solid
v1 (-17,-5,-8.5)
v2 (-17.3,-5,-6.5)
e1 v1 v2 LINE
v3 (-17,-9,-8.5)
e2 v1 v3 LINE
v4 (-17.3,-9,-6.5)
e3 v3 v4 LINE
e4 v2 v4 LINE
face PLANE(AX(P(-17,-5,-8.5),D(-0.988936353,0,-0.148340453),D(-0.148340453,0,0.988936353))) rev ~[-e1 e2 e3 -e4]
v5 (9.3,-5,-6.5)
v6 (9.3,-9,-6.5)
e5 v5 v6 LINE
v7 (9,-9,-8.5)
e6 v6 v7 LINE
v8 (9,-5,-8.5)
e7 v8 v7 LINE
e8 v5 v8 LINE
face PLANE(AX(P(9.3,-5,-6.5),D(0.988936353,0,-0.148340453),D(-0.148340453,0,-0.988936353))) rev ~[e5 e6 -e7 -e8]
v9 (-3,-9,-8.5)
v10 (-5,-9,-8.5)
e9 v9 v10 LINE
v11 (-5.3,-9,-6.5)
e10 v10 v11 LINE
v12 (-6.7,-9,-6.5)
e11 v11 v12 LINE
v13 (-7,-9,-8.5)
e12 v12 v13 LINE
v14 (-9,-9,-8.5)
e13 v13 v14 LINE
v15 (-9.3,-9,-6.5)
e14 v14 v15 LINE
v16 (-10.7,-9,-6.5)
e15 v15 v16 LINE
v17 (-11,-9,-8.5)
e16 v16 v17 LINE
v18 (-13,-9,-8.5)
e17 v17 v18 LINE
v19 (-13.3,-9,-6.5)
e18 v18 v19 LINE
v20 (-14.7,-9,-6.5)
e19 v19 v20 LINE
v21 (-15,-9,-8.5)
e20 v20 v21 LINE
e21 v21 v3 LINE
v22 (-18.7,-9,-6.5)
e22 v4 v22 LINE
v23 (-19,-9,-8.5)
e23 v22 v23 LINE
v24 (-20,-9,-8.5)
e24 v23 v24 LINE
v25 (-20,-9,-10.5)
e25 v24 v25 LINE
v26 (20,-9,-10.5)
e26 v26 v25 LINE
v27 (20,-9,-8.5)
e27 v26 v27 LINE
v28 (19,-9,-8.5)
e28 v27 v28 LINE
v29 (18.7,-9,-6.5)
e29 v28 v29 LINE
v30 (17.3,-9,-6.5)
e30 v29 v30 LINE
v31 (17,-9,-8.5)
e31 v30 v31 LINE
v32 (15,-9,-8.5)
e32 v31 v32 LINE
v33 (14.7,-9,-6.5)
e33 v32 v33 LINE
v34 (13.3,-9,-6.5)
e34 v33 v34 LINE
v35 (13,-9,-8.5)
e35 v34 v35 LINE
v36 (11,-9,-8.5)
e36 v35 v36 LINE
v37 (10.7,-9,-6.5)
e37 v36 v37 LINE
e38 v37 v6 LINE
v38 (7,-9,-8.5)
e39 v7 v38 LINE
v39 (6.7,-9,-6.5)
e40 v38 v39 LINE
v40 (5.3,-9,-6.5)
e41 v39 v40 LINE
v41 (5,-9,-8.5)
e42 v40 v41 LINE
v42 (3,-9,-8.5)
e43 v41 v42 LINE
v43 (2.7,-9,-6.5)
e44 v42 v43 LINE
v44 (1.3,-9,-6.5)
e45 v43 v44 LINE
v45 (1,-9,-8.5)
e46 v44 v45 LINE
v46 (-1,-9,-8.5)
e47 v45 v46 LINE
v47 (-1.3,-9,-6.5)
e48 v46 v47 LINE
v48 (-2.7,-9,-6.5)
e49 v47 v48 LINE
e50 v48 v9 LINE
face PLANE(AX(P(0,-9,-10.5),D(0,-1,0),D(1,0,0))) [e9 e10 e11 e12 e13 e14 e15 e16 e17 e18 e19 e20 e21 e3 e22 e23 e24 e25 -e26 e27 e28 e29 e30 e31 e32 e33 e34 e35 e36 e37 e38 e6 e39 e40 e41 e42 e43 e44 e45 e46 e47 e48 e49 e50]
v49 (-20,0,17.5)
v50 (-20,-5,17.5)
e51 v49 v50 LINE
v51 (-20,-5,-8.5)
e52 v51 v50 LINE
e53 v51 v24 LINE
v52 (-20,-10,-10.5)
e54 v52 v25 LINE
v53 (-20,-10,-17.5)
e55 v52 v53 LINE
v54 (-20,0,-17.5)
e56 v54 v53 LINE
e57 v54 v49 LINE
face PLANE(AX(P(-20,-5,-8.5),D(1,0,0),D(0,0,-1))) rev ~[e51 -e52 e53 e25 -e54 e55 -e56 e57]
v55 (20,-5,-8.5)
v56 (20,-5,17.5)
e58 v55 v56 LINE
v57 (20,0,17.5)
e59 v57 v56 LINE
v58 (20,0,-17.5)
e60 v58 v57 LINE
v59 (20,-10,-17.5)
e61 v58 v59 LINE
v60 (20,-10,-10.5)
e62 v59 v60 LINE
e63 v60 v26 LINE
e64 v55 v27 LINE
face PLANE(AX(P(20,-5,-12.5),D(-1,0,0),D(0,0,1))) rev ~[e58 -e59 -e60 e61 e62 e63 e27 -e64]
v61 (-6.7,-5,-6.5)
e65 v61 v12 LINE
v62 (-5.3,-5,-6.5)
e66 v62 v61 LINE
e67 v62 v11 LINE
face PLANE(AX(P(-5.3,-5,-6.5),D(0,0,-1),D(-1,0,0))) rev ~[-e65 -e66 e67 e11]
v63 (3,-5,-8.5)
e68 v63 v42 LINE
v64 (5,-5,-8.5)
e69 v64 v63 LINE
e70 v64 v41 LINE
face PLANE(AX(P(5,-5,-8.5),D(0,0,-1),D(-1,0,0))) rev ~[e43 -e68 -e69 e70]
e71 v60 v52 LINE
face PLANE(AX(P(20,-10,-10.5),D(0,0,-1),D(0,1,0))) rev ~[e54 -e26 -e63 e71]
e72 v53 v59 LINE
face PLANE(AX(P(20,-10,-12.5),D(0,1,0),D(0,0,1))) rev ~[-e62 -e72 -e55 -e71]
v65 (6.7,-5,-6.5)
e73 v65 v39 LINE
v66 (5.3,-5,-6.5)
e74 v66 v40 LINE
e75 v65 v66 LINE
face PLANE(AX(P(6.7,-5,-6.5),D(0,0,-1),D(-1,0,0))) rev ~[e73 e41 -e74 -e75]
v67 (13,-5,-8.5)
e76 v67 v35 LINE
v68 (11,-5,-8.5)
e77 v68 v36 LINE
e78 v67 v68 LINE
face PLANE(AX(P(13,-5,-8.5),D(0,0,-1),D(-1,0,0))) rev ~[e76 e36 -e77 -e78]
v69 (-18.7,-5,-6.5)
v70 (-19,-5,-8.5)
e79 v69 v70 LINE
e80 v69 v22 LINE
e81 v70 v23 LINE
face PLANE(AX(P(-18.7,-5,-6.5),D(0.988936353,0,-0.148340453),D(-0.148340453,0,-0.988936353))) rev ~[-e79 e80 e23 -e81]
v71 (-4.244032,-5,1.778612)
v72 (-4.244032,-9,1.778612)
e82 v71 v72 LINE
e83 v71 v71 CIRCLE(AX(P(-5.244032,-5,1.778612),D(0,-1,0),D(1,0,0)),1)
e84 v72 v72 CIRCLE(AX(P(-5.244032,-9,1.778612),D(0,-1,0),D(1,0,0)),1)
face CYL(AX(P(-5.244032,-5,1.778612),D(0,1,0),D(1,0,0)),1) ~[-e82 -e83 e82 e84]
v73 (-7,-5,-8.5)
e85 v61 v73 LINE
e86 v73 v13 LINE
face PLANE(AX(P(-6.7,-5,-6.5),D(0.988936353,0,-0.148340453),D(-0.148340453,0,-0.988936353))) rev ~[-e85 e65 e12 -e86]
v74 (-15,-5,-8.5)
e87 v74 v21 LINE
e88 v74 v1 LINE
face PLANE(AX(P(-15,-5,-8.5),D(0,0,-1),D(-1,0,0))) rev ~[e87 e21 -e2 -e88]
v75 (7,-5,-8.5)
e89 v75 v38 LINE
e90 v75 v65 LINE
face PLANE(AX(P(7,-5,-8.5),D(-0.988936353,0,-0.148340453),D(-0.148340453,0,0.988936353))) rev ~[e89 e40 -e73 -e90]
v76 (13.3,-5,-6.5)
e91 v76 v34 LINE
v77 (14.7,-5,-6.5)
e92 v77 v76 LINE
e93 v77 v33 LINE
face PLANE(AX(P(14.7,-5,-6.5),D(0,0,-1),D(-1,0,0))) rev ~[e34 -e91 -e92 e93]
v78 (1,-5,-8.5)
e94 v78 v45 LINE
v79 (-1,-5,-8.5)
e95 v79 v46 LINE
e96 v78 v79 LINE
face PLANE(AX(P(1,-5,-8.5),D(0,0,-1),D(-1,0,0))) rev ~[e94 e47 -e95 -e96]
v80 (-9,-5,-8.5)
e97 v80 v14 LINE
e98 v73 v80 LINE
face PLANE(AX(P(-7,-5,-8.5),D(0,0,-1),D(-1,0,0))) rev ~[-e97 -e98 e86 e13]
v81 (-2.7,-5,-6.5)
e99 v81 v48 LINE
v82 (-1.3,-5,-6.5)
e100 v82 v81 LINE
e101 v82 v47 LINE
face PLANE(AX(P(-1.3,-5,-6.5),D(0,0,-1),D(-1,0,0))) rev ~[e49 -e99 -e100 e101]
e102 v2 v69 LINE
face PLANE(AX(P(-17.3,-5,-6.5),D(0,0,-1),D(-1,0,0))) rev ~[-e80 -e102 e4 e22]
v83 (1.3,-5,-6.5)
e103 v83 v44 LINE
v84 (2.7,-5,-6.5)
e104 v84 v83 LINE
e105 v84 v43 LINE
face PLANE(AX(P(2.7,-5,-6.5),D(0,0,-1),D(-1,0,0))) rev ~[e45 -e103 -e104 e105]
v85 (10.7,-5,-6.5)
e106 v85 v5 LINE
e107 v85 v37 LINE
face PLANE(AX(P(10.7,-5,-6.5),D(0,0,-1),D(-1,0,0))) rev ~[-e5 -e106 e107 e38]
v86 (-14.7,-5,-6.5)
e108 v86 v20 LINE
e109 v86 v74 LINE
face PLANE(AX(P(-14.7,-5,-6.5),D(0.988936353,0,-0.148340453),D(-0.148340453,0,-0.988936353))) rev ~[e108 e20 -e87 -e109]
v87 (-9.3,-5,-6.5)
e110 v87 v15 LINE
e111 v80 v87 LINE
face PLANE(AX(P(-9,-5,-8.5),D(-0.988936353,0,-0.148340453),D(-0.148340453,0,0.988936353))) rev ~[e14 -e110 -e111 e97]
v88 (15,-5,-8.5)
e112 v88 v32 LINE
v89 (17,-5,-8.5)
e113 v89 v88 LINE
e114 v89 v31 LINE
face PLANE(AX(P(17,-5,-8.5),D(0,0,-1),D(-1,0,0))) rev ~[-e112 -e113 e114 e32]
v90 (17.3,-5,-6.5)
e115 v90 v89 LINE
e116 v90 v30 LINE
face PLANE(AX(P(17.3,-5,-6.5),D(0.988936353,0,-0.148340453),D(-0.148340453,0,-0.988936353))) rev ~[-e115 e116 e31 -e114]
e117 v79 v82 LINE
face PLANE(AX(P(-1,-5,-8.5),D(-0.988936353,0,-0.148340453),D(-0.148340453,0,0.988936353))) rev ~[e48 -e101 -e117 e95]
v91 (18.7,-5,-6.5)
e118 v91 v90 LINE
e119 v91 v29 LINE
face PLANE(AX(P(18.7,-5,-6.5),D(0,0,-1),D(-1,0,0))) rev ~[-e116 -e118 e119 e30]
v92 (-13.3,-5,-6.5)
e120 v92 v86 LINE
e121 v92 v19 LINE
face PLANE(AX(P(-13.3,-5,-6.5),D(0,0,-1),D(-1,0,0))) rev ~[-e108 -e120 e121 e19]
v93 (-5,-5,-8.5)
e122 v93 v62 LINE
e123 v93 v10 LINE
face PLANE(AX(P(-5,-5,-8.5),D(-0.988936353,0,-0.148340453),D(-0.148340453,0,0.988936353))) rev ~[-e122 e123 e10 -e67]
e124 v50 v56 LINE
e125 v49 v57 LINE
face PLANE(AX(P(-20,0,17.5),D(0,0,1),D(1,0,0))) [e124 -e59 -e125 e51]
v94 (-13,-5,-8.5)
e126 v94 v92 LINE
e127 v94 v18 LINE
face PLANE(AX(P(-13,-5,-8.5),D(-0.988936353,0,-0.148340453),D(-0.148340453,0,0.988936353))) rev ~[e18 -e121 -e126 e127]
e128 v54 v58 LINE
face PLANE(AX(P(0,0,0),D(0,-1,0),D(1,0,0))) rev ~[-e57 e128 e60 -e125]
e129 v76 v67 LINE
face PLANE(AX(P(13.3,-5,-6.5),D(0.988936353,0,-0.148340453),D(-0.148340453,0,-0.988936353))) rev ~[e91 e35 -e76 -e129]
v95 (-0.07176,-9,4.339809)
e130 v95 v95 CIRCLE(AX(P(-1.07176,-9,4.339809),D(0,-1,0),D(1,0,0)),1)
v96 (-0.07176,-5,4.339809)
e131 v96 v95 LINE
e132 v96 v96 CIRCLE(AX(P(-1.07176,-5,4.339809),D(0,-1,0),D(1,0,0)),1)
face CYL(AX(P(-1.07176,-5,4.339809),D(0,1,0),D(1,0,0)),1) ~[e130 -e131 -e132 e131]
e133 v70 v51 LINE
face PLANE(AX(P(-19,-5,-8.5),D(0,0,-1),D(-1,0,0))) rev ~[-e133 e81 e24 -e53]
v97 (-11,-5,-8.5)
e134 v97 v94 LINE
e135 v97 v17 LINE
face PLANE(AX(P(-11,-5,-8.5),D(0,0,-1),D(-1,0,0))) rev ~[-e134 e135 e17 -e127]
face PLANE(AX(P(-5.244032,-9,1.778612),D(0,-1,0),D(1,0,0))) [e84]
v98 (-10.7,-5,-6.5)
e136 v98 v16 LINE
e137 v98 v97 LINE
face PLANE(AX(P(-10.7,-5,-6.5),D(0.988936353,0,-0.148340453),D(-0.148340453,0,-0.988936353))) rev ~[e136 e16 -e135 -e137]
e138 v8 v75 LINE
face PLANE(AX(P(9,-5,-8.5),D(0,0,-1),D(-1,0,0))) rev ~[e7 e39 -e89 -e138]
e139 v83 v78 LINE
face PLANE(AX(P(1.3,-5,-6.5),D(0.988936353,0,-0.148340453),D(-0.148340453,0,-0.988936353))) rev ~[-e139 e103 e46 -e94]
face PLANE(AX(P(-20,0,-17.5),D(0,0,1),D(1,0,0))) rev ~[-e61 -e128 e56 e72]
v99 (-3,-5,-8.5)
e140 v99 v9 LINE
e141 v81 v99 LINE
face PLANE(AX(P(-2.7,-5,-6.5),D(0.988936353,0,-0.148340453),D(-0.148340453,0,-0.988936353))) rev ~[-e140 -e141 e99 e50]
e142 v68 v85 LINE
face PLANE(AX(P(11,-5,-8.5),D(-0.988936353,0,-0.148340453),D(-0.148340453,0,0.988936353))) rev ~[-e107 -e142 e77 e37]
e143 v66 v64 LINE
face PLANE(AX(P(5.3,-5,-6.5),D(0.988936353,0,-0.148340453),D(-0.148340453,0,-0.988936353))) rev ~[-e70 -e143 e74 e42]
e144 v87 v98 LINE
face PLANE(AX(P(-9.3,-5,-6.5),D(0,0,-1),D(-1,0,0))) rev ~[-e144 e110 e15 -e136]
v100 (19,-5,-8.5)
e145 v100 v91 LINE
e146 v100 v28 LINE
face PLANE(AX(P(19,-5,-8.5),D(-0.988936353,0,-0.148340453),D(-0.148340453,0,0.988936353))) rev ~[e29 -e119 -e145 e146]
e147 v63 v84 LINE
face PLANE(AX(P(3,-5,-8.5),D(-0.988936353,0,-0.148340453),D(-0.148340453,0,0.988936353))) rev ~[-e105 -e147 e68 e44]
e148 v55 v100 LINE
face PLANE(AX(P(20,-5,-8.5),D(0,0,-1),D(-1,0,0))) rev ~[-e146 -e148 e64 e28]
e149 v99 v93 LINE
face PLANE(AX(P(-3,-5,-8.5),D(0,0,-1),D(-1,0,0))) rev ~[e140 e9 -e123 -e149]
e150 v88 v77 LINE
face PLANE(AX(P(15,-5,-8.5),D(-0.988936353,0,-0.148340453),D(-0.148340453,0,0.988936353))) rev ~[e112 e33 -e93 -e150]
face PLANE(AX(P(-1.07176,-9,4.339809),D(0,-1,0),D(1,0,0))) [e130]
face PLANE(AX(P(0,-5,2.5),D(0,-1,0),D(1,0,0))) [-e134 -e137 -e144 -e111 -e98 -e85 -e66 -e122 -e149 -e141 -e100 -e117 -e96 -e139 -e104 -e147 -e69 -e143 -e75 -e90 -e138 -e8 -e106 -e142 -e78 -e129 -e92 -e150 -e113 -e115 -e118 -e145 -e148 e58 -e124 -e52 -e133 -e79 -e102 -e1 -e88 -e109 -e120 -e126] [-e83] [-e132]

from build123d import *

# Parameters (mm, degrees)
F0_W     = 40
F0_H     = 35
F1_DEPTH = 10
F2_W     = 40
F2_H     = 30
F3_DEPTH = 5
F4_W     = 1
F4_H     = 2
F5_DEPTH = 40
F6_R     = 1
F7_DEPTH = 4
F9_DEPTH = 4


with BuildPart() as f1:
    # F0 (on Front) → F1 (new body)
    with BuildSketch(Plane.XZ):
        Rectangle(F0_W, F0_H)
    extrude(amount=F1_DEPTH)

    # F2 (on face) → F3 (cut)
    with BuildSketch(Plane.XZ.offset(10)):
        with Locations((0, 2.5)):
            Rectangle(F2_W, F2_H)
    extrude(amount=-F3_DEPTH, mode=Mode.SUBTRACT)

    # F4 (on face) → F5 (join, through all)
    with BuildSketch(Plane.YZ.offset(20)):
        with Locations((-9.5, -11.5)):
            Rectangle(F4_W, F4_H)
    extrude(amount=-F5_DEPTH)

    # F6 (on face) → F7 (join)
    with BuildSketch(Plane.XZ.offset(5)):
        with Locations((-1.07176, 4.339809)):
            Circle(F6_R)
        with Locations((-5.244032, 1.778612)):
            Circle(F6_R)
    extrude(amount=F7_DEPTH)

    # F8 (on face) → F9 (join)
    with BuildSketch(Plane.XZ.offset(5)):
        Polygon((-20, -12.5), (20, -12.5), (20, -8.5), (19, -8.5), (17, -8.5), (15, -8.5), (13, -8.5), (11, -8.5), (9, -8.5), (7, -8.5), (5, -8.5), (3, -8.5), (1, -8.5), (-1, -8.5), (-3, -8.5), (-5, -8.5), (-7, -8.5), (-9, -8.5), (-11, -8.5), (-13, -8.5), (-15, -8.5), (-17, -8.5), (-19, -8.5), (-20, -8.5), align=None)
        Polygon((17, -8.5), (19, -8.5), (18.7, -6.5), (18, -6.5), (17.3, -6.5), align=None)
        Polygon((-18.7, -6.5), (-19, -8.5), (-17, -8.5), (-17.3, -6.5), (-18, -6.5), align=None)
        Polygon((13, -8.5), (15, -8.5), (14.7, -6.5), (14, -6.5), (13.3, -6.5), align=None)
        Polygon((-14.7, -6.5), (-15, -8.5), (-13, -8.5), (-13.3, -6.5), (-14, -6.5), align=None)
        Polygon((9, -8.5), (11, -8.5), (10.7, -6.5), (10, -6.5), (9.3, -6.5), align=None)
        Polygon((-10.7, -6.5), (-11, -8.5), (-9, -8.5), (-9.3, -6.5), (-10, -6.5), align=None)
        Polygon((5, -8.5), (7, -8.5), (6.7, -6.5), (6, -6.5), (5.3, -6.5), align=None)
        Polygon((-6.7, -6.5), (-7, -8.5), (-5, -8.5), (-5.3, -6.5), (-6, -6.5), align=None)
        Polygon((1, -8.5), (3, -8.5), (2.7, -6.5), (2, -6.5), (1.3, -6.5), align=None)
        Polygon((-2.7, -6.5), (-3, -8.5), (-1, -8.5), (-1.3, -6.5), (-2, -6.5), align=None)
    extrude(amount=F9_DEPTH)


with BuildPart() as f10_1:
    # F10: copy of F1
    add(f1.part)


solid = f10_1.part
